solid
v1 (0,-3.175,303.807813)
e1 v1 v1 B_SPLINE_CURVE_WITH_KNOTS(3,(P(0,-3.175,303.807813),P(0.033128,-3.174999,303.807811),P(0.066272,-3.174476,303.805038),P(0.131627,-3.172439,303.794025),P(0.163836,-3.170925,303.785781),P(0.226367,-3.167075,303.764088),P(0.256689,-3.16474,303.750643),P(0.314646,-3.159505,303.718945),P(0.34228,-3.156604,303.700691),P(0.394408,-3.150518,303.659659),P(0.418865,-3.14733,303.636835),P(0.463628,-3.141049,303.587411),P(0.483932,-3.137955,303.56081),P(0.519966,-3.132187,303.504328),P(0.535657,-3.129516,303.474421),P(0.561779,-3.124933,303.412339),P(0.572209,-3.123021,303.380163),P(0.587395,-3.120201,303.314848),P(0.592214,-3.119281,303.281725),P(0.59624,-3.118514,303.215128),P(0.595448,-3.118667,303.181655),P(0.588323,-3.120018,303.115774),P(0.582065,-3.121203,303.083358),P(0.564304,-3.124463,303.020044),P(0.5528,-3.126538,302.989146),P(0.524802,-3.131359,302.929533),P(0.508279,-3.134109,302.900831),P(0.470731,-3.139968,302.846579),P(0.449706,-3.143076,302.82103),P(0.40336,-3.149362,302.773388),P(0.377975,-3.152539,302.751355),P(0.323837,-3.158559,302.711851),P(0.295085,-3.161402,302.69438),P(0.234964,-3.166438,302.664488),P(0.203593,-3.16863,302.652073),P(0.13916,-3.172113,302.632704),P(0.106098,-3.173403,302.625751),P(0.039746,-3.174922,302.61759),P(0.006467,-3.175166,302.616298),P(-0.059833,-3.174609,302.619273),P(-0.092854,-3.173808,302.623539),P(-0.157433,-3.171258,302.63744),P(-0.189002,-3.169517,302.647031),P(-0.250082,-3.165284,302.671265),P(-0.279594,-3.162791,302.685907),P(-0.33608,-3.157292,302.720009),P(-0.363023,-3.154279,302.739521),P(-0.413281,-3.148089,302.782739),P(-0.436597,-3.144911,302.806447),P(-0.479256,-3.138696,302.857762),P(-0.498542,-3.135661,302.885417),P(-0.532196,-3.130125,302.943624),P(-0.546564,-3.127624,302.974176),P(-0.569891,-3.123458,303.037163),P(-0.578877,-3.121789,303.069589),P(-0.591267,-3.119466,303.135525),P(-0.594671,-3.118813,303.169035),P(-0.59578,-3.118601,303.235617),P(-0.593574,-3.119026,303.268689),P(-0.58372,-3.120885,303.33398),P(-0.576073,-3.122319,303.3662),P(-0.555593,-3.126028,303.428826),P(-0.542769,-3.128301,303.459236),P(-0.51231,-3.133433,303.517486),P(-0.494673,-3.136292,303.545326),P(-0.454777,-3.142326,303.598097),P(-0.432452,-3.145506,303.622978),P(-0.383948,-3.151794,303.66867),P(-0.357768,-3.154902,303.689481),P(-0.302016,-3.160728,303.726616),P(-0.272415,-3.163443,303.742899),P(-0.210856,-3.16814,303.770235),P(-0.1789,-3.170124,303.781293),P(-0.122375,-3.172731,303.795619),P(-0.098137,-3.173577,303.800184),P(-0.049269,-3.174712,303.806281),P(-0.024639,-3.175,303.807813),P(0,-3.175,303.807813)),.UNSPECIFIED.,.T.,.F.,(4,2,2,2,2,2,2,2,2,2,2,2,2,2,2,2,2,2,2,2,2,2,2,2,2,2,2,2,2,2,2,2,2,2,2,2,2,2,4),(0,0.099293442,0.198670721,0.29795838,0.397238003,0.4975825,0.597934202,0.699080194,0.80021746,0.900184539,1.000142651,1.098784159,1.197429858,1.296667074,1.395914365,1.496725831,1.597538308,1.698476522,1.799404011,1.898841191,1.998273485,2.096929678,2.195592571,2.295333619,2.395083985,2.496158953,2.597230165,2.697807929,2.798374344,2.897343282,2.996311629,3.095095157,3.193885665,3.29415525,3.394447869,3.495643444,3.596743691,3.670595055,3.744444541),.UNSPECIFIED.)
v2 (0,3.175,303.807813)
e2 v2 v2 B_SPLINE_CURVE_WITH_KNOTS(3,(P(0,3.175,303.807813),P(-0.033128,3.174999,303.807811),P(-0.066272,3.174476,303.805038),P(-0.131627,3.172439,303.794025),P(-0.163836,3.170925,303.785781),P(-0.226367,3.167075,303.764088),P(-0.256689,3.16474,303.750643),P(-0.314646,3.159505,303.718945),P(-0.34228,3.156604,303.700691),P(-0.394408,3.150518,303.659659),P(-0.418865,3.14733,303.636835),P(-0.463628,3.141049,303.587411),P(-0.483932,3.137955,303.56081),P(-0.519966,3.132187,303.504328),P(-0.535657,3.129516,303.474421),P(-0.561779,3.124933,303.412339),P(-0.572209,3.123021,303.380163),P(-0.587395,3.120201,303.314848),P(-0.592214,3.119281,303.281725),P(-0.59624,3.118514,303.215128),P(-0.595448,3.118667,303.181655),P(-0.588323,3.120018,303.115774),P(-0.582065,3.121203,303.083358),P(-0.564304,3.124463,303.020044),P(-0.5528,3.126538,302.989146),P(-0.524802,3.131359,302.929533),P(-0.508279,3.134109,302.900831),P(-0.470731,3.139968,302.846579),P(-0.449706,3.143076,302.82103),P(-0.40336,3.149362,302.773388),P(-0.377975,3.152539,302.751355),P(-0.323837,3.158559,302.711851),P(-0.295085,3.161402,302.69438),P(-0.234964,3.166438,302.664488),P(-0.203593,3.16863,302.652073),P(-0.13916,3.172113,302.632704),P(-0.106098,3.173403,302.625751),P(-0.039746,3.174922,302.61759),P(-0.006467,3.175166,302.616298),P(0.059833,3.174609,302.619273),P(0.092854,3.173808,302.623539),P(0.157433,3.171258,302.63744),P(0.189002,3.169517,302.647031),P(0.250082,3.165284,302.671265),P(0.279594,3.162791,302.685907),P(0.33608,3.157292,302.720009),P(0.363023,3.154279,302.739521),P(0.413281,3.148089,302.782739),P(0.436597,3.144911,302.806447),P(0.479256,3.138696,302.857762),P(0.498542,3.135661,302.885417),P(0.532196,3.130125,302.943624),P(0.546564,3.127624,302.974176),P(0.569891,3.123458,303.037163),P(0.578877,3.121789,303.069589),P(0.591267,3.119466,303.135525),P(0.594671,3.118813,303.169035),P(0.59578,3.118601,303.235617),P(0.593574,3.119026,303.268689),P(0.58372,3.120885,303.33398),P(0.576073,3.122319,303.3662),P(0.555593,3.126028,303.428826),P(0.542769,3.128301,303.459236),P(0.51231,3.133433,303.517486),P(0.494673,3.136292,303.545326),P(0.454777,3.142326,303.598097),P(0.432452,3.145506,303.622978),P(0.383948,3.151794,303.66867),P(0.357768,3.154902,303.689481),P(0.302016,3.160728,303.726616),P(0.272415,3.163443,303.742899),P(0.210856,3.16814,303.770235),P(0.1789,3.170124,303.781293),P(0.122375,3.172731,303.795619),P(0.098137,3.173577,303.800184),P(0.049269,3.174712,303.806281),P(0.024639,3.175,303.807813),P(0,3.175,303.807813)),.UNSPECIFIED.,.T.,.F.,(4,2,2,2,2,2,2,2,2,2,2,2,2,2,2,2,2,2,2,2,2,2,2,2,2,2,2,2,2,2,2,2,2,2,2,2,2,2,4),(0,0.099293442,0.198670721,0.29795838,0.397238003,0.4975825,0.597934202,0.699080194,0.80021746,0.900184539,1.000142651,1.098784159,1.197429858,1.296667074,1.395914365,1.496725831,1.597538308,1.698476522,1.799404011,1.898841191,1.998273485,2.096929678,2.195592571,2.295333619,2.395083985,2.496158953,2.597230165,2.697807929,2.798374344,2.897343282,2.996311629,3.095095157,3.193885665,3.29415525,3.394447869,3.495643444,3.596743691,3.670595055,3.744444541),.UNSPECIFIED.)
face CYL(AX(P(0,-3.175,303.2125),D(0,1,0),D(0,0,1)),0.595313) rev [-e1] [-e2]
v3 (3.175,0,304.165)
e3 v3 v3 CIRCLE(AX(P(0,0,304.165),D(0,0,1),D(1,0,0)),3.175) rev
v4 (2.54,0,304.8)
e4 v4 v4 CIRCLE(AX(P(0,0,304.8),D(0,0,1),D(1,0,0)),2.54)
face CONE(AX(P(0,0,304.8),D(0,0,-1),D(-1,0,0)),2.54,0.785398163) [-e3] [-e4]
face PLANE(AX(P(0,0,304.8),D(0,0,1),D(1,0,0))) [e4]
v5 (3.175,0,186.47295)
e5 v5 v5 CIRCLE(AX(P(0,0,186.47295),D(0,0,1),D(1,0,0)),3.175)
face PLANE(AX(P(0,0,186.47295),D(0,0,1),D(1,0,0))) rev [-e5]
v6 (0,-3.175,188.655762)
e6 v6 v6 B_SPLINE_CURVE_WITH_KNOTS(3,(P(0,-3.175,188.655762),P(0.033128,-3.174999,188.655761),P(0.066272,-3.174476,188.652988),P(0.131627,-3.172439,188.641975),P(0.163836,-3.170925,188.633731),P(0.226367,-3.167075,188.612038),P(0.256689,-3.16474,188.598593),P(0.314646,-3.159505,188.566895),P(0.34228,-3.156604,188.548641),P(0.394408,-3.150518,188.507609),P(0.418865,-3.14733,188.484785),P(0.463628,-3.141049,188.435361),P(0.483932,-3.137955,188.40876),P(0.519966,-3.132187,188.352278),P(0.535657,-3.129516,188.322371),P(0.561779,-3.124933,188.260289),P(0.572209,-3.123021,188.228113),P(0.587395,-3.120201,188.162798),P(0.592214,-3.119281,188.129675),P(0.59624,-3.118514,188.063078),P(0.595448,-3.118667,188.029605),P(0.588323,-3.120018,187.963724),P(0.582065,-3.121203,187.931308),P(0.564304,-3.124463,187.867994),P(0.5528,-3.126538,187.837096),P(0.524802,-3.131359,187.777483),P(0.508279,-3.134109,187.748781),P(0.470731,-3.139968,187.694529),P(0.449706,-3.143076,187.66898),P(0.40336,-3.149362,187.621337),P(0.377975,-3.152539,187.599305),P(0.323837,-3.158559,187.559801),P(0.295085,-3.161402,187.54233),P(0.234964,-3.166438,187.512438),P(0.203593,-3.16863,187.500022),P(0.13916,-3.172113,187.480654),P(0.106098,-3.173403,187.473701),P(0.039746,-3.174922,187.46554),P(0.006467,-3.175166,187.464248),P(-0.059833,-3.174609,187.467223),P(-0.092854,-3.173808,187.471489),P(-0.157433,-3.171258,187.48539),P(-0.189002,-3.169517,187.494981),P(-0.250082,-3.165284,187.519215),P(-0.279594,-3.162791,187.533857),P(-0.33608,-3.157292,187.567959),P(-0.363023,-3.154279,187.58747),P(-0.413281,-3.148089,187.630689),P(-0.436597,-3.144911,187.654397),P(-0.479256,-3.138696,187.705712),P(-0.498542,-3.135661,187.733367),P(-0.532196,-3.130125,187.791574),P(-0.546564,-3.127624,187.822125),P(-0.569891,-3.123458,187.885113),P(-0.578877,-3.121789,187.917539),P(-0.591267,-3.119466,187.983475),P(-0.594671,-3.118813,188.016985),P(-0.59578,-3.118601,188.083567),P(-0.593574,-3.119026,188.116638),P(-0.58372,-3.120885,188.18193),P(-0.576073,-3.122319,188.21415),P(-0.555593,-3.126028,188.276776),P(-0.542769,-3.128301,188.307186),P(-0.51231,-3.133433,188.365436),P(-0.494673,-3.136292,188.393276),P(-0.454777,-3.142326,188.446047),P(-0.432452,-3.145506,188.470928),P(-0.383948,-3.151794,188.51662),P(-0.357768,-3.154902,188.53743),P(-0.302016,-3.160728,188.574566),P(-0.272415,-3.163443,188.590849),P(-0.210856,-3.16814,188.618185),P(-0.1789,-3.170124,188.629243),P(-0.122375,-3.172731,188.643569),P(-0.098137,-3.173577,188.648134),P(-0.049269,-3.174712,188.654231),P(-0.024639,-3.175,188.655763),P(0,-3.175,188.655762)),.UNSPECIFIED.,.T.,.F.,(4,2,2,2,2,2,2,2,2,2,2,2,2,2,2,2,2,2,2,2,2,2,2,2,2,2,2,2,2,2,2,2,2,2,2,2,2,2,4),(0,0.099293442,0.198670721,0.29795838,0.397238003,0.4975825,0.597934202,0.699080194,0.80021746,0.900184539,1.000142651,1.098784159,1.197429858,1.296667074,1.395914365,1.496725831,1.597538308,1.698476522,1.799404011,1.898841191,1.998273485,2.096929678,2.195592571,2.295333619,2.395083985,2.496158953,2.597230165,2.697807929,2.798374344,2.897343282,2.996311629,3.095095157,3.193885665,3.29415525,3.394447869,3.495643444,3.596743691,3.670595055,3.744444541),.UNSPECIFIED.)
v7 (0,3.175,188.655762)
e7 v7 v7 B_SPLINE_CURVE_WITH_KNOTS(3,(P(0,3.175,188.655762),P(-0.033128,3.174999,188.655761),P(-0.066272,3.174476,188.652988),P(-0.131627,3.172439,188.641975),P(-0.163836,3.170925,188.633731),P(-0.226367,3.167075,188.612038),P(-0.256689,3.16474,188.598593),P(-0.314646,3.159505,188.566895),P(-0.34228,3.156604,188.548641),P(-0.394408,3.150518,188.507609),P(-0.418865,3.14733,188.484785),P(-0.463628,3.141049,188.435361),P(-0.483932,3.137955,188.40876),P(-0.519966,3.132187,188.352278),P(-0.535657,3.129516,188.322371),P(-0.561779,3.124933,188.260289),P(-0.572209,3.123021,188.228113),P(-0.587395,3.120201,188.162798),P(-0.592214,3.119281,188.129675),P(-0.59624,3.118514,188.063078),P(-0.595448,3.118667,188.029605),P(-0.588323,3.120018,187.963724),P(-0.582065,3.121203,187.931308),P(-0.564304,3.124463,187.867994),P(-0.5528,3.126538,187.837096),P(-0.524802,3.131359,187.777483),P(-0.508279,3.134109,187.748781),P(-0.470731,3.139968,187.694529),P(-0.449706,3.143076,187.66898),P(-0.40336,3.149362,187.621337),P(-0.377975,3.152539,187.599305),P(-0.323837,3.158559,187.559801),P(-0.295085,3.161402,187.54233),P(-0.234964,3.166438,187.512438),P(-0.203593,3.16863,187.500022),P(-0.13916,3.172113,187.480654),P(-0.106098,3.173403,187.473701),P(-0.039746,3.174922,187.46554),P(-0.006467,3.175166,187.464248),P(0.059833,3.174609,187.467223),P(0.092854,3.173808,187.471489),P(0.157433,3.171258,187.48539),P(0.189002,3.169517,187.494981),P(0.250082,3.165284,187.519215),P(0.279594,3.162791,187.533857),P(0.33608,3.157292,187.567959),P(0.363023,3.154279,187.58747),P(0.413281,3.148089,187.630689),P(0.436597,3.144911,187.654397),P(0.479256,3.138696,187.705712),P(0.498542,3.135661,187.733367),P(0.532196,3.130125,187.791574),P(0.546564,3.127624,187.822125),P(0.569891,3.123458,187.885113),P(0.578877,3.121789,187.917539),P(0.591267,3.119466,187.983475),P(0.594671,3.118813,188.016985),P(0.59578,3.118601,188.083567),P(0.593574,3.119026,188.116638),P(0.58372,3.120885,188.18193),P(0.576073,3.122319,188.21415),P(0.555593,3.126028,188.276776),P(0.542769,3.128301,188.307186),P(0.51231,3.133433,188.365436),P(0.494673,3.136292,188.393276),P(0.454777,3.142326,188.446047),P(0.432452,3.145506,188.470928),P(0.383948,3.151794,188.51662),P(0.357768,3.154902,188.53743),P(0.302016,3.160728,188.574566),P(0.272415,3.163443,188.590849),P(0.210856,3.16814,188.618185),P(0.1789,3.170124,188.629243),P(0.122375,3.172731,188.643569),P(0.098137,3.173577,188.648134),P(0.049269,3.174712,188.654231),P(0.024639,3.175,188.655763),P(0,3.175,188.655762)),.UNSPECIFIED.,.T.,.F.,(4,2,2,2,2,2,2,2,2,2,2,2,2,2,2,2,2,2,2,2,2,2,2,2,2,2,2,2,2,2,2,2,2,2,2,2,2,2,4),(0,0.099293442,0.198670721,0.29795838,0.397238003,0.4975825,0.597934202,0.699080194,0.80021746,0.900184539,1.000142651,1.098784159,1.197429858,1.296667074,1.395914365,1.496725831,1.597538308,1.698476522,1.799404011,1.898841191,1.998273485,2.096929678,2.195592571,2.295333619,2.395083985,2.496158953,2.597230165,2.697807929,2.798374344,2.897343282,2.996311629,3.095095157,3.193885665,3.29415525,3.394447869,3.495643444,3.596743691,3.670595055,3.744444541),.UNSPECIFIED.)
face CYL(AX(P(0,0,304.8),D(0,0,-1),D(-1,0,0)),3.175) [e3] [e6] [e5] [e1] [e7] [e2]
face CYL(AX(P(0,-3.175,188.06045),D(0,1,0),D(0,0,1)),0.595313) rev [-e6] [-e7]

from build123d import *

# Parameters (mm, degrees)
SKETCH3_R               = 3.175
BOSS_EXTRUDE1_DEPTH     = 304.8
CHAMFER1_SIZE           = 0.635
CUT_EXTRUDE1_START      = -118.327050112
SKETCH4_R               = 3.175
CUT_EXTRUDE1_DEPTH      = 492.272949888
SKETCH5_R               = 0.5953125
CUT_EXTRUDE2_DEPTH      = 4.175
CUT_EXTRUDE2_DEPTH_BACK = 4.175


with BuildPart() as part:
    # Sketch3 → Boss-Extrude1 (new body, symmetric)
    with BuildSketch(Plane.XY):
        Circle(SKETCH3_R)
    extrude(amount=BOSS_EXTRUDE1_DEPTH, both=True)

    # Chamfer1
    chamfer1_edges = [part.edges().sort_by_distance(p)[0] for p in [
        (-3.175, 0, -304.8),
        (-3.175, 0, 304.8),
    ]]
    chamfer(chamfer1_edges, length=CHAMFER1_SIZE)

    # Sketch4 → Cut-Extrude1 (cut, through all)
    with BuildSketch(Plane.XY.offset(304.8).offset(CUT_EXTRUDE1_START)):
        Circle(SKETCH4_R)
    extrude(amount=-CUT_EXTRUDE1_DEPTH, mode=Mode.SUBTRACT)

    # Sketch5 → Cut-Extrude2 (cut, two sides)
    with BuildSketch(Plane(origin=(0, 0, 0), x_dir=(1, 0, 0), z_dir=(0, 1, 0))) as cut_extrude2_sk:
        with Locations((0, -188.060449888)):
            Circle(SKETCH5_R)
        with Locations((0, -303.2125)):
            Circle(SKETCH5_R)
    extrude(amount=CUT_EXTRUDE2_DEPTH, mode=Mode.SUBTRACT)
    extrude(cut_extrude2_sk.sketch, amount=-CUT_EXTRUDE2_DEPTH_BACK, mode=Mode.SUBTRACT)


solid = part.part
